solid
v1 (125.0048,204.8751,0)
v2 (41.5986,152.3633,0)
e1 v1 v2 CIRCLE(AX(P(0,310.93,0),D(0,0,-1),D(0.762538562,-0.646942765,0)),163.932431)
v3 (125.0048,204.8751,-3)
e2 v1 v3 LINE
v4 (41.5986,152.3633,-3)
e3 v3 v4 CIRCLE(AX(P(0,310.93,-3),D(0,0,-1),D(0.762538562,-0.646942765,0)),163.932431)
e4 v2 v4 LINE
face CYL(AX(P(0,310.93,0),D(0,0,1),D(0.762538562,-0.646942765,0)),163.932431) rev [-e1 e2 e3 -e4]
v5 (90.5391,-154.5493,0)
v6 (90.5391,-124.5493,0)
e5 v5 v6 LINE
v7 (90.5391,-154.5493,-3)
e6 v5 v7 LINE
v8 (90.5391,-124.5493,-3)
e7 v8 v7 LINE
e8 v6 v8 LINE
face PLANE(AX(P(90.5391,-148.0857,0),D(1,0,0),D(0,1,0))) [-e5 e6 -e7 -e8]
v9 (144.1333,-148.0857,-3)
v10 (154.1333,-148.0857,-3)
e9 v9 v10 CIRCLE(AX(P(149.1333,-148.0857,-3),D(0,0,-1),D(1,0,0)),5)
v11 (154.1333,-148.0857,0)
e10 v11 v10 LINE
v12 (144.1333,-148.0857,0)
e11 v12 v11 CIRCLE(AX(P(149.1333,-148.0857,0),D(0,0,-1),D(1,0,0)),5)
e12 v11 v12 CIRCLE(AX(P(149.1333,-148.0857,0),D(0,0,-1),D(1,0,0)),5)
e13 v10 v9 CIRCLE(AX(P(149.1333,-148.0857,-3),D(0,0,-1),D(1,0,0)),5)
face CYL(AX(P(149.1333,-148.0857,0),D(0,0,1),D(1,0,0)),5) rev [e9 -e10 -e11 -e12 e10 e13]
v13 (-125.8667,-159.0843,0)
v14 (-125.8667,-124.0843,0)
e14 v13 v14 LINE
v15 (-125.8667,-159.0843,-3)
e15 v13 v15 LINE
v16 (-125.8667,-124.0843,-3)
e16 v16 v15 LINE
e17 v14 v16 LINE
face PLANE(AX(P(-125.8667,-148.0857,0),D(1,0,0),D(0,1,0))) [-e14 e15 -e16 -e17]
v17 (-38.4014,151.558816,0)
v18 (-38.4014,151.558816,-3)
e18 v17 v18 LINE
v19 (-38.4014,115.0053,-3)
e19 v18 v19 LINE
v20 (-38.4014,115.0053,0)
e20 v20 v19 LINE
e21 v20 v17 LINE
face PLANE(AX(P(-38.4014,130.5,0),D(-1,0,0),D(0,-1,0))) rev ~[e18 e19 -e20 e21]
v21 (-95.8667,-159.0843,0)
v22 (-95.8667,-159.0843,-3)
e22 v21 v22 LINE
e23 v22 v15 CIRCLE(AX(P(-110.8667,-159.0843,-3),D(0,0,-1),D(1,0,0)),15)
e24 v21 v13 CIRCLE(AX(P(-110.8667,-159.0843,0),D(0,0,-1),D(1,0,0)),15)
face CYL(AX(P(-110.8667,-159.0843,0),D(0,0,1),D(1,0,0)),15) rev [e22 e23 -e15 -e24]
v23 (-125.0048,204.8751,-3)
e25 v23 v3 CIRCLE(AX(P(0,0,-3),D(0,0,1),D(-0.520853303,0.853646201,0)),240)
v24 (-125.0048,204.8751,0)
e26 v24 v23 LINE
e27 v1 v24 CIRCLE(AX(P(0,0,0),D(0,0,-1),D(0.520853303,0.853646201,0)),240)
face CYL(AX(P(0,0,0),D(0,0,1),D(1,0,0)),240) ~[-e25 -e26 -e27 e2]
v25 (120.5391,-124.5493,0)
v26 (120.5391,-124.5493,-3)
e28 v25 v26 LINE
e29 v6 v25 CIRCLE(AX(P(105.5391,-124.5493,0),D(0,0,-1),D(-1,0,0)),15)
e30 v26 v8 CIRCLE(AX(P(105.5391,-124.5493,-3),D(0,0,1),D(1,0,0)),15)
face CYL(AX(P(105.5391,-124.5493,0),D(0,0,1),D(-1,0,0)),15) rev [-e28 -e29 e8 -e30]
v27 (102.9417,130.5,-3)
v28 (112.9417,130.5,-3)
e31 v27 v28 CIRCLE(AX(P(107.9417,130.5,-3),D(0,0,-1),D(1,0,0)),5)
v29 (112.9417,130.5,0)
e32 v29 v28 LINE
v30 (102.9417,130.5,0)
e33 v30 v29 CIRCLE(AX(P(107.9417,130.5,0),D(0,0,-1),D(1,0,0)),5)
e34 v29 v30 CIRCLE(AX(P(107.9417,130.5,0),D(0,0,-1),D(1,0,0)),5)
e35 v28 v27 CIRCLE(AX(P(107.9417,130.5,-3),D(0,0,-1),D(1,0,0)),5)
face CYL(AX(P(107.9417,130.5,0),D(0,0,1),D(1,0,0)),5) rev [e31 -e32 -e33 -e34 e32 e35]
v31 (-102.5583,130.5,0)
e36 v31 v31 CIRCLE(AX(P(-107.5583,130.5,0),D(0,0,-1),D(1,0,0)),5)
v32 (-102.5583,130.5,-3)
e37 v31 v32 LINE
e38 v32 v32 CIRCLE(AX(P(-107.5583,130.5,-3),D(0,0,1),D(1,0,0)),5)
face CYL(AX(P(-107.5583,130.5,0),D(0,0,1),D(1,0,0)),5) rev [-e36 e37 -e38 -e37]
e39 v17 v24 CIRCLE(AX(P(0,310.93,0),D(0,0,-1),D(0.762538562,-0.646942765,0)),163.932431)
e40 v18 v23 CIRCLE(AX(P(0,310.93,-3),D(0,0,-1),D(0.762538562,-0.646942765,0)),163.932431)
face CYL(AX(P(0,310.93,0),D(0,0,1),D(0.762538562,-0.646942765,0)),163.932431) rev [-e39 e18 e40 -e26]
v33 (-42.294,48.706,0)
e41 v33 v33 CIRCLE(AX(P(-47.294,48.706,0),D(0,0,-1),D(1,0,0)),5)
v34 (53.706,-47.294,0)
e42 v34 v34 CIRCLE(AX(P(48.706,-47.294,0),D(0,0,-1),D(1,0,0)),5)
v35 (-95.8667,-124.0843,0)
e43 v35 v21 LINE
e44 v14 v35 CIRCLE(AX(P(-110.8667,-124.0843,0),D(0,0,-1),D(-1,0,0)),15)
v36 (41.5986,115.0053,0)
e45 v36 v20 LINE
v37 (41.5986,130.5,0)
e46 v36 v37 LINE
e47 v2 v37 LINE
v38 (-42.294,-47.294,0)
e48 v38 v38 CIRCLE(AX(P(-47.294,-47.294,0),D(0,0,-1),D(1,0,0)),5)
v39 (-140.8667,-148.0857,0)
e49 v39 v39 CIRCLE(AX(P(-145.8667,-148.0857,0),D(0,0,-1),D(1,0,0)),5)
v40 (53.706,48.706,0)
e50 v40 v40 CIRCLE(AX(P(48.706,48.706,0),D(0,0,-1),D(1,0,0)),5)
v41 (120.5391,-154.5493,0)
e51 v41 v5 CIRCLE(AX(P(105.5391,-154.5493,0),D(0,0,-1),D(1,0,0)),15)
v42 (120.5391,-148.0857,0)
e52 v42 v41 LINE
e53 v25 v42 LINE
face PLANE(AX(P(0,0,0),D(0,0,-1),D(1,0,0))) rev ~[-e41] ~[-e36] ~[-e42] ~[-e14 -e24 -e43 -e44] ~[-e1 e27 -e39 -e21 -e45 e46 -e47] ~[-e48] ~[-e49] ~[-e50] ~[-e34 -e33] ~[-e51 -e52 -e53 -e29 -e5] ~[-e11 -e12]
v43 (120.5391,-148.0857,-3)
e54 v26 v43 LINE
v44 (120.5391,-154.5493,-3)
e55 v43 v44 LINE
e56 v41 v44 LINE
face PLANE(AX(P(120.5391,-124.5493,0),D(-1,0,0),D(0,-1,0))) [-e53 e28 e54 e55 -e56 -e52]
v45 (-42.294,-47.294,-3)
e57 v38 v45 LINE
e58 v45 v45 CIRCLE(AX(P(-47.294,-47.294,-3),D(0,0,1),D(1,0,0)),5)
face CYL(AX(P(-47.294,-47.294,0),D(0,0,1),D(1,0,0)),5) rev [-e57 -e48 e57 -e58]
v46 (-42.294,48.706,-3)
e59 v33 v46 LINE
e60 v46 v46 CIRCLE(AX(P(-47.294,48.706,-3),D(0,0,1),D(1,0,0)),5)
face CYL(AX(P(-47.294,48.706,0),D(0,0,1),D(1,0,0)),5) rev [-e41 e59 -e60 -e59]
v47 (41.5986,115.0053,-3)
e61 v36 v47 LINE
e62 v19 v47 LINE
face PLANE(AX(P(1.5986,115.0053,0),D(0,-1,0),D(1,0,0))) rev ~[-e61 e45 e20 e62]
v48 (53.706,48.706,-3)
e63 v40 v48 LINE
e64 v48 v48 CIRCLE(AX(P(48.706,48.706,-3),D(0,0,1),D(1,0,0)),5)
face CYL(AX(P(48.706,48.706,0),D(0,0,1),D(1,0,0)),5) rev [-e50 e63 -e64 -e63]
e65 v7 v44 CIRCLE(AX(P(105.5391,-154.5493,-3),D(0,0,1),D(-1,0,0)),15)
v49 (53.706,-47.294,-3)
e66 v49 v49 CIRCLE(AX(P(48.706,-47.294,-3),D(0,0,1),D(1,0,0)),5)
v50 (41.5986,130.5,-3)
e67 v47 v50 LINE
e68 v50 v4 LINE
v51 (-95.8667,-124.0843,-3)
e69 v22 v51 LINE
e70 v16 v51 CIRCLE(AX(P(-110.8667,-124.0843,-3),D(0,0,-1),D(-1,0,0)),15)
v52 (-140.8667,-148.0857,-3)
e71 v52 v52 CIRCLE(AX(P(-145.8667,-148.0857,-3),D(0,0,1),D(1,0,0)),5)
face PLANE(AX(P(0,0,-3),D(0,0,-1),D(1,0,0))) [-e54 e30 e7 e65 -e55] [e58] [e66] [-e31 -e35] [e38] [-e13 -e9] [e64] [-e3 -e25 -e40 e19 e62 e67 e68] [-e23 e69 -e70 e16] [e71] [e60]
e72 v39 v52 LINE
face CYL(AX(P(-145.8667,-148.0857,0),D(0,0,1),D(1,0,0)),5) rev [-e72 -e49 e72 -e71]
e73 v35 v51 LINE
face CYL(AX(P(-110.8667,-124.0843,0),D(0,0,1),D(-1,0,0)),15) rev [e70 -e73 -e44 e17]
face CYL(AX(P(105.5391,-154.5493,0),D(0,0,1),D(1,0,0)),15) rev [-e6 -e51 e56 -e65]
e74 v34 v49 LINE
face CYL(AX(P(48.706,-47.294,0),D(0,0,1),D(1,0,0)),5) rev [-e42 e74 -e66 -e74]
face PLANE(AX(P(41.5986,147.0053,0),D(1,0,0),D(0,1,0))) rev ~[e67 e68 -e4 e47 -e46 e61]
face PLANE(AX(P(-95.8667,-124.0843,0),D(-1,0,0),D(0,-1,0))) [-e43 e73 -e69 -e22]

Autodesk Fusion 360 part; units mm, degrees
sketch "Sketch1" plane through (0, 0, 0) normal (0, 0, -1) x (1, 0, 0)
  circle A0 centre (0, 0) radius 240
  line L0 (0.0048, -240) -> (125.0048, -240)
  line L1 (125.0048, -240) -> (125.0048, -204.8751)
  line L2 (1.5986, 239.9947) -> (1.5986, -147.0053)
  line L3 (125.0048, -204.8751) -> (-125.0048, -204.8751)
  arc A1 (125.0048, -204.8751) -> (-125.0048, -204.8751) centre (0, -310.93) ccw
  circle A2 centre (-47.294, 47.294) radius 5
  line L4 (-47.294, 47.294) -> (48.706, 47.294)
  line L5 (48.706, 47.294) -> (48.706, -48.706)
  line L6 (48.706, -48.706) -> (-47.294, -48.706)
  line L7 (-47.294, -48.706) -> (-47.294, 47.294)
  circle A3 centre (48.706, 47.294) radius 5
  circle A4 centre (48.706, -48.706) radius 5
  circle A5 centre (-47.294, -48.706) radius 5
  line L8 (1.5986, 239.9947) -> (251.5986, 239.9947)
  line L9 (-47.294, 47.294) -> (-47.294, 235.294)
  line L10 (-47.294, 47.294) -> (-235.294, 47.294)
  line L11 (105.5391, 215.5493) -> (105.5391, 169.5493)
  line L12 (105.5391, 169.5493) -> (105.5391, 109.5493)
  line L13 (105.5391, 109.5493) -> (213.5391, 109.5493)
  line L14 (105.5391, 109.5493) -> (105.5391, 124.5493)
  line L15 (105.5391, 169.5493) -> (105.5391, 154.5493)
  line L16 (120.5391, 124.5493) -> (120.5391, 154.5493)
  arc A6 (120.5391, 154.5493) -> (90.5391, 154.5493) centre (105.5391, 154.5493) ccw
  line L17 (90.5391, 154.5493) -> (90.5391, 124.5493)
  arc A7 (90.5391, 124.5493) -> (120.5391, 124.5493) centre (105.5391, 124.5493) ccw
  line L18 (105.5391, 124.5493) -> (105.5391, 154.5493) construction
  line L19 (1.5986, -147.0053) -> (41.5986, -147.0053)
  line L20 (41.5986, -147.0053) -> (41.5986, -152.3633)
  line L21 (1.5986, -147.0053) -> (1.5986, -115.0053)
  line L22 (1.5986, -115.0053) -> (-38.4014, -115.0053)
  line L23 (41.5986, -152.3633) -> (-38.4014, -152.3633)
  line L24 (-38.4014, -152.3633) -> (-38.4014, -115.0053)
  line L25 (-38.4014, -115.0053) -> (41.5986, -115.0053)
  line L26 (41.5986, -115.0053) -> (41.5986, -152.3633)
  line L27 (-145.8667, 190.5857) -> (-145.8667, 148.0857)
  line L28 (-145.8667, 148.0857) -> (-188.8667, 148.0857)
  circle A8 centre (-145.8667, 148.0857) radius 5
  line L29 (-145.8667, 148.0857) -> (-110.8667, 148.0857)
  line L30 (-110.8667, 159.0843) -> (-110.8667, 124.0843)
  line L31 (-125.8667, 159.0843) -> (-125.8667, 124.0843)
  arc A9 (-125.8667, 124.0843) -> (-95.8667, 124.0843) centre (-110.8667, 124.0843) ccw
  line L32 (-95.8667, 124.0843) -> (-95.8667, 159.0843)
  arc A10 (-95.8667, 159.0843) -> (-125.8667, 159.0843) centre (-110.8667, 159.0843) ccw
  line L33 (-110.8667, 159.0843) -> (-110.8667, 124.0843) construction
  line L34 (-110.8667, 148.0857) -> (-110.8667, 159.0843)
  line L35 (-107.1508, -115.0053) -> (-107.5583, -130.5)
  circle A11 centre (-107.5583, -130.5) radius 5
  line L36 (-38.4014, -115.0053) -> (-210.6508, -115.0053)
  line L37 (-210.6508, -115.0053) -> (-107.1508, -115.0053)
  line L38 (152.5158, 185.3077) -> (67.5158, 185.3077)
  line L39 (67.5158, 185.3077) -> (67.5158, 230.3077)
  line L40 (-107.5583, -130.5) -> (107.9417, -130.5)
  circle A12 centre (107.9417, -130.5) radius 5
  line L41 (-145.8667, 148.0857) -> (149.1333, 148.0857)
  circle A13 centre (149.1333, 148.0857) radius 5
  dimension "d1" = 480
  dimension "d2" = 125
  dimension "d3" = 387
  dimension "d7" = 10
  dimension "d8" = 96
  dimension "d9" = 96
  dimension "d10" = 10
  dimension "d11" = 10
  dimension "d12" = 10
  dimension "d13" = 250
  dimension "d14" = 188
  dimension "d15" = 188
  dimension "d16" = 46
  dimension "d17" = 60
  dimension "d18" = 108
  dimension "d19" = 15
  dimension "d20" = 15
  dimension "d21" = 30
  dimension "d22" = 40
  dimension "d23" = 32
  dimension "d24" = 40
  dimension "d25" = 42.5
  dimension "d26" = 43
  dimension "d27" = 10
  dimension "d28" = 35
  dimension "d29" = 35
  dimension "d30" = 30
  dimension "d32" = 15.5
  dimension "d33" = 10
  dimension "d34" = 103.5
  dimension "d35" = 85
  dimension "d36" = 45
  dimension "d40" = 215.5
  dimension "d41" = 10
  dimension "d42" = 295
  dimension "d43" = 10
extrude "Extrude3" add sketch "Sketch1" along normal blind 3 contours A0 L2 A1 L4 L5 L6 A3 A4 L13 L17 A7 L20 L25 L26 L41 | A0 L11 L13 L16 A6 A7 L38 | A0 L11 L38 | A0 A1 L24 L35 A11 L36 L37 L40 | A0 L11 L38 L39 | A0 L2 L11 A6 L17 L38 L39 L41 | A0 L2 A2 L6 L7 A5 L10 L22 L25 L36 L37 | A0 A2 L9 L10 L28 A8 L29 L31 A9 L32 L41 | L24 L35 A11 L36 L40 | A0 L2 L9 L41 | L2 A2 L4 L9 L41 | A0 L27 L28 A8 | A0 L9 L27 A8 L29 L31 L32 A10 L41 | L2 L4 L5 L6 A3 A4 | L2 A2 L4 L6 L7 A5
equation "d2 = ( 250 / 2 ) * 1 mm"
equation "d3 = 355 mm + 32 mm"
